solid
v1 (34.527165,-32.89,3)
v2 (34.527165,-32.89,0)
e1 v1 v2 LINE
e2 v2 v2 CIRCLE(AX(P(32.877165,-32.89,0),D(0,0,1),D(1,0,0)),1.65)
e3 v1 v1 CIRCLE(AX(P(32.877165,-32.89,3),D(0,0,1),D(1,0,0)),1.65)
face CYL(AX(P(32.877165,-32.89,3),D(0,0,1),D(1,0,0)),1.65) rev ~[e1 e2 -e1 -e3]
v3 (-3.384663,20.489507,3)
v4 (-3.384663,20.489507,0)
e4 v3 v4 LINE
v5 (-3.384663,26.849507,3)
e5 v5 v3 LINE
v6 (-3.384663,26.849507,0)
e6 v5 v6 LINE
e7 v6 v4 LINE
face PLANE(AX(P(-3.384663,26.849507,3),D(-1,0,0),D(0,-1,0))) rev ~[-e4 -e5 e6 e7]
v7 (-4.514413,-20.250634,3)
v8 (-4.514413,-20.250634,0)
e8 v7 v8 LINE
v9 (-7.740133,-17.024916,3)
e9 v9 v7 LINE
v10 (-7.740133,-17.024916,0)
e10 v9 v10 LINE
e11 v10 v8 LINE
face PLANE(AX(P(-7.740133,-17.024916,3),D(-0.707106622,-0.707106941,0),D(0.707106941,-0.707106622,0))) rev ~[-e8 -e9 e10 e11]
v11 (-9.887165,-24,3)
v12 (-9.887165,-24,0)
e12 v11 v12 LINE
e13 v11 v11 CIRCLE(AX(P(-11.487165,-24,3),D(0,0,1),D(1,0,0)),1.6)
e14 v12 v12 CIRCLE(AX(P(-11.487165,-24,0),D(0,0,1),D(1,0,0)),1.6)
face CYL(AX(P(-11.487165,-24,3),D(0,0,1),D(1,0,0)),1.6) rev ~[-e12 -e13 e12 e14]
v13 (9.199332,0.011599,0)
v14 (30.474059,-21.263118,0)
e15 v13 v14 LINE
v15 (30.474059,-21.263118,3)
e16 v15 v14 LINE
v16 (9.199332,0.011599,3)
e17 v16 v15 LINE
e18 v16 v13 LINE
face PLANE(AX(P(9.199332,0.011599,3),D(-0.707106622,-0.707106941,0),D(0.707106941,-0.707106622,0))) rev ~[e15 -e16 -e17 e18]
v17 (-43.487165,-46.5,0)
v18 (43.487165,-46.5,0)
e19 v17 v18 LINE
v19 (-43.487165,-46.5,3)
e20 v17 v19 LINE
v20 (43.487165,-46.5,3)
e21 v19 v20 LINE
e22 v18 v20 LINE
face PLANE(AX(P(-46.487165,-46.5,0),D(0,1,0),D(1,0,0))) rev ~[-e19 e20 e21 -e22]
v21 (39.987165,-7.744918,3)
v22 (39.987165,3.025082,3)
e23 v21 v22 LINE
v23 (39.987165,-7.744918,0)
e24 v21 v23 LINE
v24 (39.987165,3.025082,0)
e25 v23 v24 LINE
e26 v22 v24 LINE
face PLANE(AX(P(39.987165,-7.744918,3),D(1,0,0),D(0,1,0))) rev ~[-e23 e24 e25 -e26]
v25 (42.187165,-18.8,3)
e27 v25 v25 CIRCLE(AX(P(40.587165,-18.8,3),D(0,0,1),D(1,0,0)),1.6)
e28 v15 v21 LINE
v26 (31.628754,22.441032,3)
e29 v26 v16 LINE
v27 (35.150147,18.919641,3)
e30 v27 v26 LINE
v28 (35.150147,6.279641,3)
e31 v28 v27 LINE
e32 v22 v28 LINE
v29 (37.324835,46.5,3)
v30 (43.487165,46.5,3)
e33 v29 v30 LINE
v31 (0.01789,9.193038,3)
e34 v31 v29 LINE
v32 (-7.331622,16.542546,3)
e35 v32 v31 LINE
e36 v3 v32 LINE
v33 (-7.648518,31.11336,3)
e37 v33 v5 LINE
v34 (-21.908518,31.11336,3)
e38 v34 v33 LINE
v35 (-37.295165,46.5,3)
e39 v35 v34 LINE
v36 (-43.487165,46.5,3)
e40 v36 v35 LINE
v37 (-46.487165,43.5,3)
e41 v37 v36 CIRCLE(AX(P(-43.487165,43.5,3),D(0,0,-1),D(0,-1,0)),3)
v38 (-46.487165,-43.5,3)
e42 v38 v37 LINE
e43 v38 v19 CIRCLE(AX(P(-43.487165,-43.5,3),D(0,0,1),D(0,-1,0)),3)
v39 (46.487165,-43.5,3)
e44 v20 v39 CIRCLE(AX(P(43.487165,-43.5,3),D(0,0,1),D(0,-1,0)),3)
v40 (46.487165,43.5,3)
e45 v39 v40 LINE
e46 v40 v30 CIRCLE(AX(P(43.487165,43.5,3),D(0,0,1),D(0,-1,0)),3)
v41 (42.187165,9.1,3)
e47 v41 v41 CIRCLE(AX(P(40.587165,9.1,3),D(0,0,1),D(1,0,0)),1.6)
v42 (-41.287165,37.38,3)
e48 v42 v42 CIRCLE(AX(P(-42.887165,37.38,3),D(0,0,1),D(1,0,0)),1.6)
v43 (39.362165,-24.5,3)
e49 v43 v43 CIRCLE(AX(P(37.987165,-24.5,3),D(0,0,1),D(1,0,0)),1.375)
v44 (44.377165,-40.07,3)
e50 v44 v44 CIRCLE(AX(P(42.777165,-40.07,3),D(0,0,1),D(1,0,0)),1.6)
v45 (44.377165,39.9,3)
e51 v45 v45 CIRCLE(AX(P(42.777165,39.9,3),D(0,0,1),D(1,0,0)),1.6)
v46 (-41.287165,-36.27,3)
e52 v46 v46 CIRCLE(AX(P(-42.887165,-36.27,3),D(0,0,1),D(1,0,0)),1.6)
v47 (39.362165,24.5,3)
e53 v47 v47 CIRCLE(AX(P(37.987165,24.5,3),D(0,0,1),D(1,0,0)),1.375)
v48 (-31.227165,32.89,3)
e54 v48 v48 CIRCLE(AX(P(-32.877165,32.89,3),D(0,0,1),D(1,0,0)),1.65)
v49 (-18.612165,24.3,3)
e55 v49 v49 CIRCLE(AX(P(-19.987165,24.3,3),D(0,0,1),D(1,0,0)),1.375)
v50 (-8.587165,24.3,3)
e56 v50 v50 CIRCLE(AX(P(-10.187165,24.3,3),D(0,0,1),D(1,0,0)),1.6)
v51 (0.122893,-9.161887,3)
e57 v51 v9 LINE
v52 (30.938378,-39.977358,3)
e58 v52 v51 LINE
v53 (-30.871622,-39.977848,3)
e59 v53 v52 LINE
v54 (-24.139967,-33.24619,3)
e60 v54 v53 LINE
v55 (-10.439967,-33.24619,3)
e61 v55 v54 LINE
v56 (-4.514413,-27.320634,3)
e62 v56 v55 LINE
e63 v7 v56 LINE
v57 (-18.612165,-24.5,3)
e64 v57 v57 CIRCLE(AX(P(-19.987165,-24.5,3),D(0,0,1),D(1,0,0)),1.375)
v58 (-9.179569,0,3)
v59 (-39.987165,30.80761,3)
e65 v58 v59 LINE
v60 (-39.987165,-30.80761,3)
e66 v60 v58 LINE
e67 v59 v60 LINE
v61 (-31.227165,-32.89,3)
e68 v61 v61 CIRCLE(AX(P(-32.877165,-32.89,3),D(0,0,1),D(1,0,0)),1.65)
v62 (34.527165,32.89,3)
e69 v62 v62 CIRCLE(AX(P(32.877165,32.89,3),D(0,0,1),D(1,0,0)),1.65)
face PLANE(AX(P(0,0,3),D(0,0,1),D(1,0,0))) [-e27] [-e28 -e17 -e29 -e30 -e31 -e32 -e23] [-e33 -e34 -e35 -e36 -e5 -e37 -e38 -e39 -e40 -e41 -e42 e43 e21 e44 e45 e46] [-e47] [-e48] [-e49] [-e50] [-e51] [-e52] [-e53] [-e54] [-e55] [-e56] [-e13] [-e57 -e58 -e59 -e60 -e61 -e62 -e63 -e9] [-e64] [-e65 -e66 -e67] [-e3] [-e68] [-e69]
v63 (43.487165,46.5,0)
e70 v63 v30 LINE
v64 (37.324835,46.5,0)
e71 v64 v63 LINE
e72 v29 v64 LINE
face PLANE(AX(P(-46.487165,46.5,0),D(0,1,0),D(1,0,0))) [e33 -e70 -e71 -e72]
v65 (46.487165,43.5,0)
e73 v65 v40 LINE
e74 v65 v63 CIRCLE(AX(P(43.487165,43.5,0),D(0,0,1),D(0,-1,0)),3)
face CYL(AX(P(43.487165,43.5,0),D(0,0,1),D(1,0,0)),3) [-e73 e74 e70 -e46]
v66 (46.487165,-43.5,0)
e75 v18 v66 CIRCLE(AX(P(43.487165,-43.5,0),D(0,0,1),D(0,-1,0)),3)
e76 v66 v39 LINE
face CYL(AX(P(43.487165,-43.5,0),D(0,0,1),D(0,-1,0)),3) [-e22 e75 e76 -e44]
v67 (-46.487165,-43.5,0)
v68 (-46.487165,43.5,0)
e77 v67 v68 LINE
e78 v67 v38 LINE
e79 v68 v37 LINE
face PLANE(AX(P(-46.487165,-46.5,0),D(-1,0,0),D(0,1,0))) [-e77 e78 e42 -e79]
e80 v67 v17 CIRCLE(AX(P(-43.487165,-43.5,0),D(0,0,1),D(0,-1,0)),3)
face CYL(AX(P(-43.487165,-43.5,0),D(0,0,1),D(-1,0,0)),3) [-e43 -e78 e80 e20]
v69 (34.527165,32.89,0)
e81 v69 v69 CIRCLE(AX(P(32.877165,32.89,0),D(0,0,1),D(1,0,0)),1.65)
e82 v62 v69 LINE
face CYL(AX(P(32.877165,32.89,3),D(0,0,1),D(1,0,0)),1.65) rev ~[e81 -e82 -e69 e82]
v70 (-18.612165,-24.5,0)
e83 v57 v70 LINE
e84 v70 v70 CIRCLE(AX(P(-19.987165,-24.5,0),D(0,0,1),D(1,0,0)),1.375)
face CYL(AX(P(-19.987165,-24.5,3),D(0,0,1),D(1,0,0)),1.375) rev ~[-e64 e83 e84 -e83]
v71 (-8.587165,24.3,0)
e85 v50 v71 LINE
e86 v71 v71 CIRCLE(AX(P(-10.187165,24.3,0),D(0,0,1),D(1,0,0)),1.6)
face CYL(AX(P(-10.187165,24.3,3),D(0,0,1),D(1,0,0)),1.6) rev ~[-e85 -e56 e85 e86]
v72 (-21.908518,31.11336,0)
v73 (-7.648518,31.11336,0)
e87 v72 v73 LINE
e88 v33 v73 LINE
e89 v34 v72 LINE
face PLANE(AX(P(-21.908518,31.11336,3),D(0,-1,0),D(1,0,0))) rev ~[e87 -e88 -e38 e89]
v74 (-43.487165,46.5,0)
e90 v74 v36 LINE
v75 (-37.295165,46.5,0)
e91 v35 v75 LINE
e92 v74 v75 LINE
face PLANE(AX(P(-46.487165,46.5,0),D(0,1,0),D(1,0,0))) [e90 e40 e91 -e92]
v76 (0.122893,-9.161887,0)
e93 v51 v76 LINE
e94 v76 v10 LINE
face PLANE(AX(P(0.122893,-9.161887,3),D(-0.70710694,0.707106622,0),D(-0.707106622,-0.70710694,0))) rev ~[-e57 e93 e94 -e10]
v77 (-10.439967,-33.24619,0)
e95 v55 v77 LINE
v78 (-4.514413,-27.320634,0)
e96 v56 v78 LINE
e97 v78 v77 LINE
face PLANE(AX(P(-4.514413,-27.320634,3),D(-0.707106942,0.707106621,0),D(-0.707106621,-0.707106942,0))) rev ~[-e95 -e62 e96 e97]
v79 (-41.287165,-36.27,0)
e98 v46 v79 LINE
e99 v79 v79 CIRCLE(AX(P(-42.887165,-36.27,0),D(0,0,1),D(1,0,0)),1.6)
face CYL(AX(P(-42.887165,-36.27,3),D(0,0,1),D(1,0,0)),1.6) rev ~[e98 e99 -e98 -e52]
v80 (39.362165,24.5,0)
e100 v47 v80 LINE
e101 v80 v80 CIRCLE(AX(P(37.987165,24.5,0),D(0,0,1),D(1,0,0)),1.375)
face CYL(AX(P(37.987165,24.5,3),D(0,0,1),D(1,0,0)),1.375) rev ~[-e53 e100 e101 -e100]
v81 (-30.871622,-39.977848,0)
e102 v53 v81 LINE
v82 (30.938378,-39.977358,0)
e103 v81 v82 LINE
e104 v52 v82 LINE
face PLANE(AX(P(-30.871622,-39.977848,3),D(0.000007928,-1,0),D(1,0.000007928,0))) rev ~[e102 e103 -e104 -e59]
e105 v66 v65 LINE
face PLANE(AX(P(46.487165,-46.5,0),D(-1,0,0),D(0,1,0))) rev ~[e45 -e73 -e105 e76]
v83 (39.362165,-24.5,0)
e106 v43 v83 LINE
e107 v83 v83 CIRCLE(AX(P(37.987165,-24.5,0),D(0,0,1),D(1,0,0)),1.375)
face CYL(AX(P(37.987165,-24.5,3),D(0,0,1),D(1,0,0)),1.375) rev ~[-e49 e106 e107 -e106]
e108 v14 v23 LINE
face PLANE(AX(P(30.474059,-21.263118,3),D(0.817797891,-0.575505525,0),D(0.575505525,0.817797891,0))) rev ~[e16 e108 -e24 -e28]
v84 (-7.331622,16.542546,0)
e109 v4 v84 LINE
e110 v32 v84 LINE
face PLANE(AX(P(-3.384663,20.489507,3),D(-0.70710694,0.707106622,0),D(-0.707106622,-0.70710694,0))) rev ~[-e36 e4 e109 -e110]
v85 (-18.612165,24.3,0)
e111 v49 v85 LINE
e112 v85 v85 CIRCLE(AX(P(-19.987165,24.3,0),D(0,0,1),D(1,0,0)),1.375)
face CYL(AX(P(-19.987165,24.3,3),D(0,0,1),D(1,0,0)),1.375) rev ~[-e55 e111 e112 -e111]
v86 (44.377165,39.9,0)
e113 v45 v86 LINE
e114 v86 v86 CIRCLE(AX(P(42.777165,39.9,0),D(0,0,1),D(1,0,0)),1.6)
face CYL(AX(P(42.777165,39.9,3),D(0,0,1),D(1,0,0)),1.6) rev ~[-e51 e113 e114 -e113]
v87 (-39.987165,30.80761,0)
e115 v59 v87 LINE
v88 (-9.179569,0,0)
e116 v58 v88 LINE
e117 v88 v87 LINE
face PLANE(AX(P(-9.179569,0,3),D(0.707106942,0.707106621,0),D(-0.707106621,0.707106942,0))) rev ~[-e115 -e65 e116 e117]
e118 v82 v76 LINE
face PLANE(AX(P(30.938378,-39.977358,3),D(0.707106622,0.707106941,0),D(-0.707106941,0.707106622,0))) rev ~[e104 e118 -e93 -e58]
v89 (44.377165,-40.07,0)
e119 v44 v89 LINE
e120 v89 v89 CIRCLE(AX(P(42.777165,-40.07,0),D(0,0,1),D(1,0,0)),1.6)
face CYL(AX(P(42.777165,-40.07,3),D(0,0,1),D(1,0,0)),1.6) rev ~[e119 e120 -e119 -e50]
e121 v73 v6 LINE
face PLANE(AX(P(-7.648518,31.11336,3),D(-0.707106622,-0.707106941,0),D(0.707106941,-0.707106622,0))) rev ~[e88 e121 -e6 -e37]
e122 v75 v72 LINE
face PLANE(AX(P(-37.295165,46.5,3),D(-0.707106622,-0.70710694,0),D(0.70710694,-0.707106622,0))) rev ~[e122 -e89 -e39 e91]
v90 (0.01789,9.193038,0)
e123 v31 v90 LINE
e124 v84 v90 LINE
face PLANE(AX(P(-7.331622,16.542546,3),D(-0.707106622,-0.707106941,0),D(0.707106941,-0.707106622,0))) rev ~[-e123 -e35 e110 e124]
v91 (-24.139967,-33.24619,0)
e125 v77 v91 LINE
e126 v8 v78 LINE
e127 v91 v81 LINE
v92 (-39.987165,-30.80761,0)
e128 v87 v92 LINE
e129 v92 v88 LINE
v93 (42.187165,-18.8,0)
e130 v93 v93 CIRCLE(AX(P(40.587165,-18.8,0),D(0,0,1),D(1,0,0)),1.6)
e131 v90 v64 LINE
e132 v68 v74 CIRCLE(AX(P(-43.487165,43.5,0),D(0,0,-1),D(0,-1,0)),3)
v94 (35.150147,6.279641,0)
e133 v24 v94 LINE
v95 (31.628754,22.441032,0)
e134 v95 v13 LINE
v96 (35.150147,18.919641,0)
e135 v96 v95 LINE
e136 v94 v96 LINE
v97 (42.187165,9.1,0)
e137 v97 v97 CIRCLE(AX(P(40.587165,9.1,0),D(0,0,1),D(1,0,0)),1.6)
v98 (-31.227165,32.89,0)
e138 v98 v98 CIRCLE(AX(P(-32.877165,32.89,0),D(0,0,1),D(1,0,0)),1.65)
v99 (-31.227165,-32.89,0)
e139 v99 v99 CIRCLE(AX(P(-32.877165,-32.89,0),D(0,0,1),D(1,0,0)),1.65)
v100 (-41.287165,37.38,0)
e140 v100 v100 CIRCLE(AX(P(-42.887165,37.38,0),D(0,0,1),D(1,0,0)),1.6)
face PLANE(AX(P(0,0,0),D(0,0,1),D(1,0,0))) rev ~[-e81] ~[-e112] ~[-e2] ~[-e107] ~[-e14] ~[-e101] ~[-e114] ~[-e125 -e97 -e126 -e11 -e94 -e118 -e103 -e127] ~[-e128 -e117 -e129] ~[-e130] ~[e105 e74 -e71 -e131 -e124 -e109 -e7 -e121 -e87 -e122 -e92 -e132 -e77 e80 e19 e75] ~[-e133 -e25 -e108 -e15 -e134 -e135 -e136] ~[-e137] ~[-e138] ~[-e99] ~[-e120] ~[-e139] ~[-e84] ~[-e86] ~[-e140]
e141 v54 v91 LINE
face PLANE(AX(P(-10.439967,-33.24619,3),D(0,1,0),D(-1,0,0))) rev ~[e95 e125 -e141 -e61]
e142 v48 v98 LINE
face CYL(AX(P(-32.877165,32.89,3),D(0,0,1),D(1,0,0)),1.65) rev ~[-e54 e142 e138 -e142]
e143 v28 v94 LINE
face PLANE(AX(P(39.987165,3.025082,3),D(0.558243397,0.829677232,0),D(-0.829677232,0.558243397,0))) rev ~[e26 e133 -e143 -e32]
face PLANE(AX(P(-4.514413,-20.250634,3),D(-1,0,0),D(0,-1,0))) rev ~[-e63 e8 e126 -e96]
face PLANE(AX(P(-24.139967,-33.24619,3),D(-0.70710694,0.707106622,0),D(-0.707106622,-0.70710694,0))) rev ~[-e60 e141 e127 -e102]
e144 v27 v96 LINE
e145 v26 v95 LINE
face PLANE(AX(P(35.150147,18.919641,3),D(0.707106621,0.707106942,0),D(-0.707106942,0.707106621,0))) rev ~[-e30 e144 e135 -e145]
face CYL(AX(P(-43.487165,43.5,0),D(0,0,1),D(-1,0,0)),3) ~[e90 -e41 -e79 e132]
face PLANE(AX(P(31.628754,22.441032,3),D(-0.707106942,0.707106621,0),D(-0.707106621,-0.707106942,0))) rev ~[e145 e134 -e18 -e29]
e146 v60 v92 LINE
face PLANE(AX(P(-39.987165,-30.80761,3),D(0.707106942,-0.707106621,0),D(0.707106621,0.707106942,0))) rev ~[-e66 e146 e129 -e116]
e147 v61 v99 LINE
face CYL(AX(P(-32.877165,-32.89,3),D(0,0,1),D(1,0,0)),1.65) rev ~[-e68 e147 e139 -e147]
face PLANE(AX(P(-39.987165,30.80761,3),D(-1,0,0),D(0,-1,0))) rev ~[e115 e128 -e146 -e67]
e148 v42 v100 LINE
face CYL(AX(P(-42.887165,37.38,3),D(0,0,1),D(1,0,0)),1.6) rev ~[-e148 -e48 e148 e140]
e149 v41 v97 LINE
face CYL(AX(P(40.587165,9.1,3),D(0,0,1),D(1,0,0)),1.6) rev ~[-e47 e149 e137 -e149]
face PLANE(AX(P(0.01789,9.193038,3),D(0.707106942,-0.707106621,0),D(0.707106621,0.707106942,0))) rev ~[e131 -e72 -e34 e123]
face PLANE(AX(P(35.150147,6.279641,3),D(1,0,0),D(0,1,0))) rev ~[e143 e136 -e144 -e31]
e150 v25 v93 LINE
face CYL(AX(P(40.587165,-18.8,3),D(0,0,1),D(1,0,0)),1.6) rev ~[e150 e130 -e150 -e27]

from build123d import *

# Parameters (mm, degrees)
SKETCH1_W           = 92.97433
SKETCH1_H           = 93
BOSS_EXTRUDE1_DEPTH = 3
FILLET1_R           = 3
CUT_EXTRUDE1_DEPTH  = 3
SKETCH3_R           = 1.6
SKETCH3_R_2         = 1.65
SKETCH3_R_3         = 1.375
CUT_EXTRUDE2_DEPTH  = 3
SKETCH4_R           = 1.6
SKETCH4_R_2         = 1.65
SKETCH4_R_3         = 1.375
CUT_EXTRUDE3_DEPTH  = 3


with BuildPart() as part:
    # Sketch1 → Boss-Extrude1 (new body)
    with BuildSketch(Plane.XY):
        Rectangle(SKETCH1_W, SKETCH1_H)
    extrude(amount=BOSS_EXTRUDE1_DEPTH)

    # Fillet1
    fillet1_edges = [part.edges().sort_by_distance(p)[0] for p in [
        (46.487165, -46.5, 1.5),
        (-46.487165, -46.5, 1.5),
        (-46.487165, 46.5, 1.5),
        (46.487165, 46.5, 1.5),
    ]]
    fillet(fillet1_edges, radius=FILLET1_R)

    # Sketch2 → Cut-Extrude1 (cut)
    with BuildSketch(Plane.XY.offset(3)):
        Polygon((-39.987165, 30.80761), (-39.987165, -30.80761), (-9.179568981, 0), align=None)
        Polygon((-37.295165, 46.5), (-21.908517975, 31.113359908), (-7.648517975, 31.113359908), (-3.384663123, 26.849506978), (-3.384663123, 20.489506978), (-7.331622093, 16.54254623), (0.01788969, 9.193037759), (37.324835, 46.5), align=None)
        Polygon((30.474058677, -21.263117504), (39.987165, -7.74491836), (39.987165, 3.02508164), (35.150146737, 6.279640646), (35.150146737, 18.919640646), (31.628754168, 22.441031617), (9.199332158, 0.011599428), align=None)
        Polygon((-24.13996688, -33.24619021), (-30.87162192, -39.977848283), (30.93837808, -39.977358271), (0.122892986, -9.161887063), (-7.74013265, -17.024916241), (-4.514413398, -20.250634039), (-4.514413398, -27.320634039), (-10.43996688, -33.24619021), align=None)
    extrude(amount=-CUT_EXTRUDE1_DEPTH, mode=Mode.SUBTRACT)

    # Sketch3 → Cut-Extrude2 (cut)
    with BuildSketch(Plane.XY.offset(3)):
        with Locations((-42.887165, 37.38)):
            Circle(SKETCH3_R)
        with Locations((-32.877165, 32.89)):
            Circle(SKETCH3_R_2)
        with Locations((-19.987165, 24.3)):
            Circle(SKETCH3_R_3)
        with Locations((-10.187165, 24.3)):
            Circle(SKETCH3_R)
    extrude(amount=-CUT_EXTRUDE2_DEPTH, mode=Mode.SUBTRACT)

    # Sketch4 → Cut-Extrude3 (cut)
    with BuildSketch(Plane.XY.offset(3)):
        with Locations((42.777165, -40.07)):
            Circle(SKETCH4_R)
        with Locations((32.877165, -32.89)):
            Circle(SKETCH4_R_2)
        with Locations((37.987165, -24.5)):
            Circle(SKETCH4_R_3)
        with Locations((40.587165, -18.8)):
            Circle(SKETCH4_R)
        with Locations((-42.887165, -36.27)):
            Circle(SKETCH4_R)
        with Locations((-32.877165, -32.89)):
            Circle(SKETCH4_R_2)
        with Locations((-19.987165, -24.5)):
            Circle(SKETCH4_R_3)
        with Locations((-11.487165, -24)):
            Circle(SKETCH4_R)
        with Locations((42.777165, 39.9)):
            Circle(SKETCH4_R)
        with Locations((32.877165, 32.89)):
            Circle(SKETCH4_R_2)
        with Locations((37.987165, 24.5)):
            Circle(SKETCH4_R_3)
        with Locations((40.587165, 9.1)):
            Circle(SKETCH4_R)
    extrude(amount=-CUT_EXTRUDE3_DEPTH, mode=Mode.SUBTRACT)


solid = part.part
